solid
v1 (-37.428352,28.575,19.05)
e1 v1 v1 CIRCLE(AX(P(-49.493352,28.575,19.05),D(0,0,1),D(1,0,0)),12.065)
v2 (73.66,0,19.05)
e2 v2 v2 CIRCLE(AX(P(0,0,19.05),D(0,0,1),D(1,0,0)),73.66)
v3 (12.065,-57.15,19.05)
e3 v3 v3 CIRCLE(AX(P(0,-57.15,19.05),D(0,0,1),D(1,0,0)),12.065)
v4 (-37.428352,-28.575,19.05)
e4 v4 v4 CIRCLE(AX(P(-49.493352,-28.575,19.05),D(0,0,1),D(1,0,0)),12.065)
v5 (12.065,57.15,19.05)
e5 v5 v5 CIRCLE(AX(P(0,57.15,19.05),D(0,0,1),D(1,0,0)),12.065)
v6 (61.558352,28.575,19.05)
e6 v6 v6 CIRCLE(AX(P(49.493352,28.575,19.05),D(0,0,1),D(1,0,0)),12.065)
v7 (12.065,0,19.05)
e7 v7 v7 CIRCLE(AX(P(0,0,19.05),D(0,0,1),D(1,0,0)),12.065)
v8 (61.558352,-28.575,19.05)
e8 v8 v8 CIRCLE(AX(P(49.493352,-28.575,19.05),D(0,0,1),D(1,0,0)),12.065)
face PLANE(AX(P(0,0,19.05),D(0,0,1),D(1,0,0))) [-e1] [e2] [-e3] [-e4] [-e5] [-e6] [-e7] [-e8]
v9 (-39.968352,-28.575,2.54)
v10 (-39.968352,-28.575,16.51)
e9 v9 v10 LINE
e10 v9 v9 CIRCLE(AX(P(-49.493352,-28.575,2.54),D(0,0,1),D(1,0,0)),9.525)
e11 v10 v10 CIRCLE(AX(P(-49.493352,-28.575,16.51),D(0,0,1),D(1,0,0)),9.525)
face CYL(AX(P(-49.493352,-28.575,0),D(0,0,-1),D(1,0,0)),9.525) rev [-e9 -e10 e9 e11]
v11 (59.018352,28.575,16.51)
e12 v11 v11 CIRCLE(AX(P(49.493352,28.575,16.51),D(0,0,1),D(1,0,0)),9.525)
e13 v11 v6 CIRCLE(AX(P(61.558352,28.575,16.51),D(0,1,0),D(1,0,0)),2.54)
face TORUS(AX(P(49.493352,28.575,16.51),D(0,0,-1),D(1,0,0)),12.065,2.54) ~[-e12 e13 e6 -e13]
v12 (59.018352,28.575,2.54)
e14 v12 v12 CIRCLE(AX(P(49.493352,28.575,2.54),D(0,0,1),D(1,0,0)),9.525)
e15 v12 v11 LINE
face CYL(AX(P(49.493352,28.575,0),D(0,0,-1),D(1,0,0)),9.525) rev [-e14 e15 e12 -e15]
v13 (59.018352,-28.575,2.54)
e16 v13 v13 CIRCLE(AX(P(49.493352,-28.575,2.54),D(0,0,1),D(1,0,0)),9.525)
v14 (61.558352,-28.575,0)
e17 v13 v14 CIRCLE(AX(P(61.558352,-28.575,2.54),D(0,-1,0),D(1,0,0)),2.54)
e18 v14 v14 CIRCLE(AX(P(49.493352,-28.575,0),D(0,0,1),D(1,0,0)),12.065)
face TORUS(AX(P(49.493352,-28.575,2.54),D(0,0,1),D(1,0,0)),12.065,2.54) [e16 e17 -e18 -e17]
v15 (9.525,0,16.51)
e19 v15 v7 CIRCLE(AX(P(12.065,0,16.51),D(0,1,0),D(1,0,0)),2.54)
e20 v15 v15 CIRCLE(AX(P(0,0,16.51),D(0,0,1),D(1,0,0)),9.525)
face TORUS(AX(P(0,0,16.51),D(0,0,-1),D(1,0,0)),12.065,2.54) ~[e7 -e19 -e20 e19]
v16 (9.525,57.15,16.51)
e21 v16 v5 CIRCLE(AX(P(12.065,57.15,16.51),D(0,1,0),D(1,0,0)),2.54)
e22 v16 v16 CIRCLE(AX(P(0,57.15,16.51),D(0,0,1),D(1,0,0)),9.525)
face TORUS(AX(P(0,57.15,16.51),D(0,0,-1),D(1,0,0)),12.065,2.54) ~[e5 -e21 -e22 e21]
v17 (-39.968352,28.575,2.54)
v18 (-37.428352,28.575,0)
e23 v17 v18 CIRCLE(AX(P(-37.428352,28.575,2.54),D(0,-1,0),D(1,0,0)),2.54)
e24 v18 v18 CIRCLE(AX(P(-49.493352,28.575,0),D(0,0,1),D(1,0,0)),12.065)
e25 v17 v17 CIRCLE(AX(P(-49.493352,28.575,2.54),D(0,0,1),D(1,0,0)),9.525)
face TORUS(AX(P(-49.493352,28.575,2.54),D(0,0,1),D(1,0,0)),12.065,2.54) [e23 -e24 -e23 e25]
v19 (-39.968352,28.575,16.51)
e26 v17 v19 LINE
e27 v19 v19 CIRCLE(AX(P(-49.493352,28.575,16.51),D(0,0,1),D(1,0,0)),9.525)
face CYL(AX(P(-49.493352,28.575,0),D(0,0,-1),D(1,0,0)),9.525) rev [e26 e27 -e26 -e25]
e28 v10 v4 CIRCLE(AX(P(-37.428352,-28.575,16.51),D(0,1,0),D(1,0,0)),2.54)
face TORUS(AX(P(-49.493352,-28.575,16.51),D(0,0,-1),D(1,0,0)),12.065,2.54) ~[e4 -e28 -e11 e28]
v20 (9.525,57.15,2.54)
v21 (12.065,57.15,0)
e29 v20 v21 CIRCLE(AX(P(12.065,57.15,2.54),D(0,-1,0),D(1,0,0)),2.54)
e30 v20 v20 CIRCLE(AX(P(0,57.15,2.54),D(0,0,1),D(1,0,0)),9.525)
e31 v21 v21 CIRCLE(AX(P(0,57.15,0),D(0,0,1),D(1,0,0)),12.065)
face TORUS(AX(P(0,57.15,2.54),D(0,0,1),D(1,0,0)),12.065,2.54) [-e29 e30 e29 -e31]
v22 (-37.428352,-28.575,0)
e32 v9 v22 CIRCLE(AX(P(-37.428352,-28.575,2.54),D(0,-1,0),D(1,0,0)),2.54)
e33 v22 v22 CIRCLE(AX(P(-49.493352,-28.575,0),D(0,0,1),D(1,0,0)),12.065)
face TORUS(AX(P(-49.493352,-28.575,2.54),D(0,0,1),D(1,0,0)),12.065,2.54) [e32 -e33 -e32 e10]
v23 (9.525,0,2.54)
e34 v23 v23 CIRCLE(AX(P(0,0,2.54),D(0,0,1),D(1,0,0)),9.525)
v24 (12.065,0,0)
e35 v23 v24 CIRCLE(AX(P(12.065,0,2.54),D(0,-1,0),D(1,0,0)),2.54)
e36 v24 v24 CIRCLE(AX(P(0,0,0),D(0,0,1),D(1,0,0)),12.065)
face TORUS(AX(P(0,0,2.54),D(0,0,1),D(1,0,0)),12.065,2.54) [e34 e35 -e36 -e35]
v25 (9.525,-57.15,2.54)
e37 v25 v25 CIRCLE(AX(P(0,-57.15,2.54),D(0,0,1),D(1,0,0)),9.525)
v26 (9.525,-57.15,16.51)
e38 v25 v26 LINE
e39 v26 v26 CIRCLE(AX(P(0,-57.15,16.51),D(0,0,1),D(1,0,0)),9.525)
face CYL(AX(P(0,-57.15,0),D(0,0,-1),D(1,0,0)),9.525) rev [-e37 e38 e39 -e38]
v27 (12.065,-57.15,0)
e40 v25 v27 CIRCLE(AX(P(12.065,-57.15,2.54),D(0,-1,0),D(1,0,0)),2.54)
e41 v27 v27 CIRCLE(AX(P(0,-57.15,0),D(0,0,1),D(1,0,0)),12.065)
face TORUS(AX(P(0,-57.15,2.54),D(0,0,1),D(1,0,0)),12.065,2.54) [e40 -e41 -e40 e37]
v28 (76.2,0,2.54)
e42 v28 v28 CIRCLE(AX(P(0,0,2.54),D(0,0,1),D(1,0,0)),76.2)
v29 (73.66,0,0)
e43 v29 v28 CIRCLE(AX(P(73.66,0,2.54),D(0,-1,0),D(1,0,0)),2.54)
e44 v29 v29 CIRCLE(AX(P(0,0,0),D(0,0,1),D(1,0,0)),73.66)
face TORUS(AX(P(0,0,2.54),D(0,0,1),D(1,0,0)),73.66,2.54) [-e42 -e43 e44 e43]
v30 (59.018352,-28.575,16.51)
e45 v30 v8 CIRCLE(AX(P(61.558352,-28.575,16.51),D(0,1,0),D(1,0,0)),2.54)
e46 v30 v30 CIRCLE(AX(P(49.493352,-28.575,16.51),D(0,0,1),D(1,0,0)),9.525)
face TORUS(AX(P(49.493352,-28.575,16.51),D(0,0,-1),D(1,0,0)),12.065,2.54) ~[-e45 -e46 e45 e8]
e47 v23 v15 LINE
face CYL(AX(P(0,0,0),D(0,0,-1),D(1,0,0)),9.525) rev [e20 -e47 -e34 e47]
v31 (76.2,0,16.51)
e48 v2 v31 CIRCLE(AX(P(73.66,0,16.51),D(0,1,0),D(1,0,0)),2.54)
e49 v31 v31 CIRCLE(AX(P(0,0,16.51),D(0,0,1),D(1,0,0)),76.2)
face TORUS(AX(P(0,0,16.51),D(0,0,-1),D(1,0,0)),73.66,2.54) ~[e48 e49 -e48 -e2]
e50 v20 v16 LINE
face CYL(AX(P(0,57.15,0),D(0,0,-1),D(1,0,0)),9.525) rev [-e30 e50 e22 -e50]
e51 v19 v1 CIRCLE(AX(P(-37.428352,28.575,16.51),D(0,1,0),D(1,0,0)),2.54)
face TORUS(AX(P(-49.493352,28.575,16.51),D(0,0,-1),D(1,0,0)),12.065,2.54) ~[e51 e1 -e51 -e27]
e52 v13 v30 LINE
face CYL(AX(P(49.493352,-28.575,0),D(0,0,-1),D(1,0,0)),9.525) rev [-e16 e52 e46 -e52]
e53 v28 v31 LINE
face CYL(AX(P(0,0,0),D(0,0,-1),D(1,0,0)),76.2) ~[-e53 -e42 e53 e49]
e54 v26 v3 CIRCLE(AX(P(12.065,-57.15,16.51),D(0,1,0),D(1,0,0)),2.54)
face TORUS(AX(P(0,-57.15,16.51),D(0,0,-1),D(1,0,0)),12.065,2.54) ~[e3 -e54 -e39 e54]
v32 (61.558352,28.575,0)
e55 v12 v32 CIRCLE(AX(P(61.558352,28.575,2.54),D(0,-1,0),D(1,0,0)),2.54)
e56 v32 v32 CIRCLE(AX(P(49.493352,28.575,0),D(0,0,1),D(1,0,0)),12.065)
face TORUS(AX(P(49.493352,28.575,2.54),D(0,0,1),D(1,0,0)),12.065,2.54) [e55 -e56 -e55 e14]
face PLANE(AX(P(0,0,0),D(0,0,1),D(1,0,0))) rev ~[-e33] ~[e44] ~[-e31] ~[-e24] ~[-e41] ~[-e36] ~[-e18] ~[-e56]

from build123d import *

# Parameters (mm, degrees)
F0_R     = 76.2
F0_R_2   = 9.525
F1_DEPTH = 19.05
F2_R     = 2.54
F3_R     = 2.54


with BuildPart() as f1:
    # F0 (on Top) → F1 (new body)
    with BuildSketch(Plane.XY):
        Circle(F0_R)
        with Locations((-49.493352, -28.575)):
            Circle(F0_R_2, mode=Mode.SUBTRACT)
        with Locations((0, -57.15)):
            Circle(F0_R_2, mode=Mode.SUBTRACT)
        with Locations((49.493352, -28.575)):
            Circle(F0_R_2, mode=Mode.SUBTRACT)
        with Locations((-49.493352, 28.575)):
            Circle(F0_R_2, mode=Mode.SUBTRACT)
        Circle(F0_R_2, mode=Mode.SUBTRACT)
        with Locations((49.493352, 28.575)):
            Circle(F0_R_2, mode=Mode.SUBTRACT)
        with Locations((0, 57.15)):
            Circle(F0_R_2, mode=Mode.SUBTRACT)
    extrude(amount=F1_DEPTH)

    # F2
    f2_edges = [f1.edges().sort_by_distance(p)[0] for p in [
        (-59.018352, 28.575, 19.05),
        (-9.525, 57.15, 19.05),
        (39.968352, 28.575, 19.05),
        (39.968352, -28.575, 19.05),
        (-9.525, -57.15, 19.05),
        (-59.018352, -28.575, 19.05),
        (-9.525, 0, 19.05),
        (-59.018352, 28.575, 0),
        (-59.018352, -28.575, 0),
        (-9.525, 0, 0),
        (-9.525, 57.15, 0),
        (39.968352, 28.575, 0),
        (39.968352, -28.575, 0),
        (-9.525, -57.15, 0),
    ]]
    fillet(f2_edges, radius=F2_R)

    # F3
    f3_edges = [f1.edges().sort_by_distance(p)[0] for p in [
        (-76.2, 0, 0),
        (-76.2, 0, 19.05),
    ]]
    fillet(f3_edges, radius=F3_R)


solid = f1.part
